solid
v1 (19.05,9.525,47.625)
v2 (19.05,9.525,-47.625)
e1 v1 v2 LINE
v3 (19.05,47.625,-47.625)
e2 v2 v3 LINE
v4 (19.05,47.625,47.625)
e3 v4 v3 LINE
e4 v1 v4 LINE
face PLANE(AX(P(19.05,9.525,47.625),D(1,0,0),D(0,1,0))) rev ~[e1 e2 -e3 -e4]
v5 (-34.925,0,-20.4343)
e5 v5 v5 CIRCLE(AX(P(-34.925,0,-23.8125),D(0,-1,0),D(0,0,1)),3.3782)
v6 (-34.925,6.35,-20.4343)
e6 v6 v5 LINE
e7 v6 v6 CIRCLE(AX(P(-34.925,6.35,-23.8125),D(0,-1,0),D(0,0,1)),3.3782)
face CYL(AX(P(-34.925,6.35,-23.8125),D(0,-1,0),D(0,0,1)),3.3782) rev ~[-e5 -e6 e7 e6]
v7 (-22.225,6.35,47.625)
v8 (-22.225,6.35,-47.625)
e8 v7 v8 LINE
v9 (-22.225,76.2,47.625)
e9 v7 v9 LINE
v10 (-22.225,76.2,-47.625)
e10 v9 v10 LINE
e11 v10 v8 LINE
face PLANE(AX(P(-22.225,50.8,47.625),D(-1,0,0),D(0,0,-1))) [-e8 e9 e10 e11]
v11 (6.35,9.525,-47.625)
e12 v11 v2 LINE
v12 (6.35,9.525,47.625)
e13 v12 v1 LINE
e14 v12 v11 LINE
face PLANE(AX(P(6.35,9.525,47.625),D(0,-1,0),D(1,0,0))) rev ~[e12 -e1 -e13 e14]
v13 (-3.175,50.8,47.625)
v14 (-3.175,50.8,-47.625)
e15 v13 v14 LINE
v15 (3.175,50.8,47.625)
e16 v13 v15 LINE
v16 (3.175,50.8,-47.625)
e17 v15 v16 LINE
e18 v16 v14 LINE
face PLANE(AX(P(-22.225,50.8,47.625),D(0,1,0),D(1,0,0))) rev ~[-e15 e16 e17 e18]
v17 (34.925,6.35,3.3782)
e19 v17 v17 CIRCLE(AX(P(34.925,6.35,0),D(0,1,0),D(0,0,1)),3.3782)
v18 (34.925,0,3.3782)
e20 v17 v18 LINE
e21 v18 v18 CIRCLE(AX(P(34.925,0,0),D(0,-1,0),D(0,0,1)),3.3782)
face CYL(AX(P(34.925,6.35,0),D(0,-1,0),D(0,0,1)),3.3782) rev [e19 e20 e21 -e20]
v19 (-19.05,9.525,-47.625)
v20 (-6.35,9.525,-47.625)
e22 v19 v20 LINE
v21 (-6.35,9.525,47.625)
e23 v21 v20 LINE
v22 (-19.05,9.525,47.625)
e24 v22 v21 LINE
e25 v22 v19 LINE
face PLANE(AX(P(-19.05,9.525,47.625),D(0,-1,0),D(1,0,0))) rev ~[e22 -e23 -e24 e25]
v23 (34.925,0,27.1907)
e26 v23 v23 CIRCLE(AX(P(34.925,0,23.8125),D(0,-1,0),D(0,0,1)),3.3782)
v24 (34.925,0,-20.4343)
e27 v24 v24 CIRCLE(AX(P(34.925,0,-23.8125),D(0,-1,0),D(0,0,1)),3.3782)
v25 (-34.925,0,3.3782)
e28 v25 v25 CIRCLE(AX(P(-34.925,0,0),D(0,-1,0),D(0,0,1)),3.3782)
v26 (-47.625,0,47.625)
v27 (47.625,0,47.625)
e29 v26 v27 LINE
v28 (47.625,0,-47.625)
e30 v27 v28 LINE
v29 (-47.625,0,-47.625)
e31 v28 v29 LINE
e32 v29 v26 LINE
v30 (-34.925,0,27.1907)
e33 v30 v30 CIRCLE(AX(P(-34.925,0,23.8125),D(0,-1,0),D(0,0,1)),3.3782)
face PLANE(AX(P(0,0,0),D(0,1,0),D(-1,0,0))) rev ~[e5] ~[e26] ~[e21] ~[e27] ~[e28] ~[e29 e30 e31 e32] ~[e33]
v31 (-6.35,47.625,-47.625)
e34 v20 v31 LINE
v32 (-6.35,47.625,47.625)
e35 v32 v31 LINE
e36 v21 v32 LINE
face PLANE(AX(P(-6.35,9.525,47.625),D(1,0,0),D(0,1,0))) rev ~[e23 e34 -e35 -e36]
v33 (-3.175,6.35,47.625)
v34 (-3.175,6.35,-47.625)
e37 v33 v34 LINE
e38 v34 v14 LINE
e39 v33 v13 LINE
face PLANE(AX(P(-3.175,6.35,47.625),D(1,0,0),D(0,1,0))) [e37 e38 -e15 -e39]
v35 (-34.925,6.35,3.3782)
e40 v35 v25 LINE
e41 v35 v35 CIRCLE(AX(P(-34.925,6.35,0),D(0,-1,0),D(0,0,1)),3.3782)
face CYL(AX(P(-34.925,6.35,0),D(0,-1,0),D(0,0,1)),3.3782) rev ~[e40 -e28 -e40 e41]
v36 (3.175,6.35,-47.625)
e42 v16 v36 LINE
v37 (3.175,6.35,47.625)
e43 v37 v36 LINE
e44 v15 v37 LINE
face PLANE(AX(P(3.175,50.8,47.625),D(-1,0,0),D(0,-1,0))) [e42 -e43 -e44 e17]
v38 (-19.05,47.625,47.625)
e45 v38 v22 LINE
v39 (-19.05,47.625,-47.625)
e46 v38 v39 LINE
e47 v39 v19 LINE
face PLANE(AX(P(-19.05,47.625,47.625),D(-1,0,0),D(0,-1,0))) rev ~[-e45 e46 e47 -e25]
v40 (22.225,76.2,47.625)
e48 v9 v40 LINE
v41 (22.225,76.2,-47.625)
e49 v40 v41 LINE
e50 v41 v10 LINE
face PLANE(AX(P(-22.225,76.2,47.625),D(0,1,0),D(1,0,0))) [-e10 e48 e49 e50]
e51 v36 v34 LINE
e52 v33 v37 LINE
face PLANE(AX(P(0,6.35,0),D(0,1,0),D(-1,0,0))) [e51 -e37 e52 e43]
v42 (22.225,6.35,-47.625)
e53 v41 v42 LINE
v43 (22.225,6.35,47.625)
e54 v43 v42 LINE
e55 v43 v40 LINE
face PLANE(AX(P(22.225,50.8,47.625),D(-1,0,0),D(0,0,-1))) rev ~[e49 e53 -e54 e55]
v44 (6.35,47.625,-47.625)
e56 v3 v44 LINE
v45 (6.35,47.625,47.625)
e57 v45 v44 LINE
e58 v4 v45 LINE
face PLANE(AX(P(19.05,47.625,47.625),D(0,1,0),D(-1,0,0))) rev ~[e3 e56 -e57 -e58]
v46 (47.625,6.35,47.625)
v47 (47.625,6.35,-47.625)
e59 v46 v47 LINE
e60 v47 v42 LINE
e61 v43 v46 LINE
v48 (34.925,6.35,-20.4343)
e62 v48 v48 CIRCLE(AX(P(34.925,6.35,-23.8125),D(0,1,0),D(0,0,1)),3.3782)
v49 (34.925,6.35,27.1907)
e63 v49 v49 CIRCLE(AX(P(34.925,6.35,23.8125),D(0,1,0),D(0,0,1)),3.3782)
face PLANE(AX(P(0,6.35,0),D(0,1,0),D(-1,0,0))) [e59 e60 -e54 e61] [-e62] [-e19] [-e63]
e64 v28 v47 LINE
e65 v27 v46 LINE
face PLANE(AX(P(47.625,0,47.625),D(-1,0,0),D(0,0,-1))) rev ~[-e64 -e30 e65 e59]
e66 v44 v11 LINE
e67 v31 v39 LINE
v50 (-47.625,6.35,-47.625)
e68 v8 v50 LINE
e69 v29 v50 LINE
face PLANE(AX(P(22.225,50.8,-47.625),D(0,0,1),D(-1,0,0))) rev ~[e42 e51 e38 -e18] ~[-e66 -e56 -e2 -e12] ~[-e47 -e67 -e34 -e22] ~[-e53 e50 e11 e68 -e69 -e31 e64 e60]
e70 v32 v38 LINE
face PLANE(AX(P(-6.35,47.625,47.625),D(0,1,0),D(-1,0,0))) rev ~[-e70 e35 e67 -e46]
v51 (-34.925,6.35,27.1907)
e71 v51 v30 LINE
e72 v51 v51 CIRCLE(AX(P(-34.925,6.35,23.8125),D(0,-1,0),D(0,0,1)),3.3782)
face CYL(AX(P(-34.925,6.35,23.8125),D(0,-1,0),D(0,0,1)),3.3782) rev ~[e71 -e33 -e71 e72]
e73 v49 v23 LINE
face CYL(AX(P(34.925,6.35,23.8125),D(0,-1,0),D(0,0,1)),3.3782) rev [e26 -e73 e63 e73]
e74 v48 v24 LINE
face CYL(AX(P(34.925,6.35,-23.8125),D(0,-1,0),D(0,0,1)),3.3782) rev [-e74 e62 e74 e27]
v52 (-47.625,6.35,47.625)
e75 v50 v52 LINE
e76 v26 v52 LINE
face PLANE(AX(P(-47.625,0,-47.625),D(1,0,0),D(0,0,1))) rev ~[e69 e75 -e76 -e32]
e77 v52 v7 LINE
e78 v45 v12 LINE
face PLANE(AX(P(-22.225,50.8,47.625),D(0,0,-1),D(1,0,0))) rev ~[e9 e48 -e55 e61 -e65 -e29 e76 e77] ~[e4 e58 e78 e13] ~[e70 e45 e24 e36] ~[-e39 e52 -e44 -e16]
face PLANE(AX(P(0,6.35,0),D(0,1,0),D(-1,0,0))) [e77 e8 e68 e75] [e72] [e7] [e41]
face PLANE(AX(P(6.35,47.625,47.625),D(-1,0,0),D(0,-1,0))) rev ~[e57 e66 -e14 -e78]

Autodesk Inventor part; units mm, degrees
ref_plane "XZ Plane" through (0, 0, 0) normal (0, 1, 0) x (-1, 0, 0)
ref_plane "XY Plane" through (0, 0, 0) normal (0, 0, 1) x (1, 0, 0)
sketch "Sketch1" plane through (0, 0, 0) normal (0, 1, 0) x (-1, 0, 0)
  line L0 (47.625, 47.625) -> (-47.625, 47.625)
  line L1 (-47.625, 47.625) -> (-47.625, -47.625)
  line L2 (-47.625, -47.625) -> (47.625, -47.625)
  line L3 (47.625, -47.625) -> (47.625, 47.625)
  line L4 (47.625, 47.625) -> (-47.625, -47.625) construction
  line L5 (-47.625, 47.625) -> (47.625, -47.625) construction
  point P0 (0, 0)
  dimension "d0" = 95.25
  dimension "d1" = 95.25
extrude "Extrusion1" add sketch "Sketch1" along normal blind 6.35
sketch "Sketch2" plane through (-47.625, 0, 47.625) normal (0, 0, 1) x (1, 0, 0)
  line L0 (0, 6.35) -> (95.25, 6.35) projected
  line L1 (25.4, 6.35) -> (44.45, 6.35)
  line L2 (44.45, 6.35) -> (44.45, 50.8)
  line L3 (44.45, 50.8) -> (25.4, 50.8)
  line L4 (25.4, 50.8) -> (25.4, 6.35)
  line L5 (50.8, 6.35) -> (69.85, 6.35)
  line L6 (69.85, 6.35) -> (69.85, 50.8)
  line L7 (69.85, 50.8) -> (50.8, 50.8)
  line L8 (50.8, 50.8) -> (50.8, 6.35)
  line L9 (0, 0) -> (0, 6.35) projected
  line L10 (28.575, 9.525) -> (41.275, 9.525)
  line L11 (41.275, 9.525) -> (41.275, 47.625)
  line L12 (41.275, 47.625) -> (28.575, 47.625)
  line L13 (28.575, 47.625) -> (28.575, 9.525)
  line L14 (28.575, 9.525) -> (41.275, 47.625) construction
  line L15 (41.275, 9.525) -> (28.575, 47.625) construction
  line L16 (53.975, 9.525) -> (66.675, 9.525)
  line L17 (66.675, 9.525) -> (66.675, 47.625)
  line L18 (66.675, 47.625) -> (53.975, 47.625)
  line L19 (53.975, 47.625) -> (53.975, 9.525)
  line L20 (53.975, 9.525) -> (66.675, 47.625) construction
  line L21 (66.675, 9.525) -> (53.975, 47.625) construction
  point P0 (47.625, 0)
  point P1 (34.925, 28.575)
  point P2 (60.325, 28.575)
  dimension "d4" = 19.05
  dimension "d5" = 44.45
  dimension "d6" = 6.35
  dimension "d7" = 25.4
  dimension "d8" = 3.175
  dimension "d9" = 3.175
  dimension "d10" = 3.175
  dimension "d11" = 3.175
  dimension "d12" = 3.175
  dimension "d13" = 3.175
extrude "Extrusion2" add sketch "Sketch2" against normal blind 95.25
sketch "Sketch3" plane through (-22.225, 50.8, 47.625) normal (0, 1, 0) x (1, 0, 0)
  line L0 (0, 0) -> (0, 95.25) projected
  line L1 (0, 0) -> (44.45, 0)
  line L2 (44.45, 0) -> (44.45, 95.25)
  line L3 (44.45, 95.25) -> (0, 95.25)
  line L4 (0, 95.25) -> (0, 0)
  point P0 (22.225, 47.625)
extrude "Extrusion3" add sketch "Sketch3" along normal blind 25.4
sketch "Sketch4" plane through (0, 6.35, 0) normal (0, 1, 0) x (1, 0, 0)
  line L0 (-47.625, -47.625) -> (47.625, -47.625) construction
  line L1 (-34.925, -47.625) -> (-34.925, 47.625) construction
  line L2 (-47.625, 47.625) -> (-47.625, -47.625) projected
  line L3 (34.925, -47.625) -> (34.925, 47.625) construction
  line L4 (47.625, -47.625) -> (47.625, 47.625) construction
  point P0 (0, 0)
  point P1 (-34.925, -23.8125)
  point P2 (-34.925, 0)
  point P3 (-34.925, 23.8125)
  dimension "d18" = 12.7
  dimension "d19" = 12.7
  dimension "d20" = 23.8125
  dimension "d21" = 23.8125
  dimension "d22" = 23.8125
hole "Hole1" at (-34.925, 6.35, 23.8125) at (-34.925, 6.35, 0) at (-34.925, 6.35, -23.8125) direction (0, -1, 0) diameter 6.7564 end through all clearance for "Flat Head Machine Screw (82)" size "1/4" standard "Ansi Unified Screw Threads"
mirror "Mirror1" about plane through (0, 0, 0) normal (1, 0, 0) of "Hole1"
equation "\"d0\" = width"
equation "\"d1\" = length"
equation "\"d2\" = thickness"
equation "\"d4\" = tubeWidth"
equation "\"d5\" = tubeLength"
equation "\"d8\" = tubeWallThickness"
equation "\"d9\" = tubeWallThickness"
equation "\"d10\" = tubeWallThickness"
equation "\"d11\" = tubeWallThickness"
equation "\"d12\" = tubeWallThickness"
equation "\"d13\" = tubeWallThickness"
equation "\"d14\" = length"
equation "\"length\" = 95.25"
equation "\"width\" = 95.25"
equation "\"thickness\" = 6.35"
equation "\"tubeLength\" = 44.45"
equation "\"tubeWidth\" = 19.05"
equation "\"tubeWallThickness\" = 3.175"
properties part number "SupportForMotorMountV02"
